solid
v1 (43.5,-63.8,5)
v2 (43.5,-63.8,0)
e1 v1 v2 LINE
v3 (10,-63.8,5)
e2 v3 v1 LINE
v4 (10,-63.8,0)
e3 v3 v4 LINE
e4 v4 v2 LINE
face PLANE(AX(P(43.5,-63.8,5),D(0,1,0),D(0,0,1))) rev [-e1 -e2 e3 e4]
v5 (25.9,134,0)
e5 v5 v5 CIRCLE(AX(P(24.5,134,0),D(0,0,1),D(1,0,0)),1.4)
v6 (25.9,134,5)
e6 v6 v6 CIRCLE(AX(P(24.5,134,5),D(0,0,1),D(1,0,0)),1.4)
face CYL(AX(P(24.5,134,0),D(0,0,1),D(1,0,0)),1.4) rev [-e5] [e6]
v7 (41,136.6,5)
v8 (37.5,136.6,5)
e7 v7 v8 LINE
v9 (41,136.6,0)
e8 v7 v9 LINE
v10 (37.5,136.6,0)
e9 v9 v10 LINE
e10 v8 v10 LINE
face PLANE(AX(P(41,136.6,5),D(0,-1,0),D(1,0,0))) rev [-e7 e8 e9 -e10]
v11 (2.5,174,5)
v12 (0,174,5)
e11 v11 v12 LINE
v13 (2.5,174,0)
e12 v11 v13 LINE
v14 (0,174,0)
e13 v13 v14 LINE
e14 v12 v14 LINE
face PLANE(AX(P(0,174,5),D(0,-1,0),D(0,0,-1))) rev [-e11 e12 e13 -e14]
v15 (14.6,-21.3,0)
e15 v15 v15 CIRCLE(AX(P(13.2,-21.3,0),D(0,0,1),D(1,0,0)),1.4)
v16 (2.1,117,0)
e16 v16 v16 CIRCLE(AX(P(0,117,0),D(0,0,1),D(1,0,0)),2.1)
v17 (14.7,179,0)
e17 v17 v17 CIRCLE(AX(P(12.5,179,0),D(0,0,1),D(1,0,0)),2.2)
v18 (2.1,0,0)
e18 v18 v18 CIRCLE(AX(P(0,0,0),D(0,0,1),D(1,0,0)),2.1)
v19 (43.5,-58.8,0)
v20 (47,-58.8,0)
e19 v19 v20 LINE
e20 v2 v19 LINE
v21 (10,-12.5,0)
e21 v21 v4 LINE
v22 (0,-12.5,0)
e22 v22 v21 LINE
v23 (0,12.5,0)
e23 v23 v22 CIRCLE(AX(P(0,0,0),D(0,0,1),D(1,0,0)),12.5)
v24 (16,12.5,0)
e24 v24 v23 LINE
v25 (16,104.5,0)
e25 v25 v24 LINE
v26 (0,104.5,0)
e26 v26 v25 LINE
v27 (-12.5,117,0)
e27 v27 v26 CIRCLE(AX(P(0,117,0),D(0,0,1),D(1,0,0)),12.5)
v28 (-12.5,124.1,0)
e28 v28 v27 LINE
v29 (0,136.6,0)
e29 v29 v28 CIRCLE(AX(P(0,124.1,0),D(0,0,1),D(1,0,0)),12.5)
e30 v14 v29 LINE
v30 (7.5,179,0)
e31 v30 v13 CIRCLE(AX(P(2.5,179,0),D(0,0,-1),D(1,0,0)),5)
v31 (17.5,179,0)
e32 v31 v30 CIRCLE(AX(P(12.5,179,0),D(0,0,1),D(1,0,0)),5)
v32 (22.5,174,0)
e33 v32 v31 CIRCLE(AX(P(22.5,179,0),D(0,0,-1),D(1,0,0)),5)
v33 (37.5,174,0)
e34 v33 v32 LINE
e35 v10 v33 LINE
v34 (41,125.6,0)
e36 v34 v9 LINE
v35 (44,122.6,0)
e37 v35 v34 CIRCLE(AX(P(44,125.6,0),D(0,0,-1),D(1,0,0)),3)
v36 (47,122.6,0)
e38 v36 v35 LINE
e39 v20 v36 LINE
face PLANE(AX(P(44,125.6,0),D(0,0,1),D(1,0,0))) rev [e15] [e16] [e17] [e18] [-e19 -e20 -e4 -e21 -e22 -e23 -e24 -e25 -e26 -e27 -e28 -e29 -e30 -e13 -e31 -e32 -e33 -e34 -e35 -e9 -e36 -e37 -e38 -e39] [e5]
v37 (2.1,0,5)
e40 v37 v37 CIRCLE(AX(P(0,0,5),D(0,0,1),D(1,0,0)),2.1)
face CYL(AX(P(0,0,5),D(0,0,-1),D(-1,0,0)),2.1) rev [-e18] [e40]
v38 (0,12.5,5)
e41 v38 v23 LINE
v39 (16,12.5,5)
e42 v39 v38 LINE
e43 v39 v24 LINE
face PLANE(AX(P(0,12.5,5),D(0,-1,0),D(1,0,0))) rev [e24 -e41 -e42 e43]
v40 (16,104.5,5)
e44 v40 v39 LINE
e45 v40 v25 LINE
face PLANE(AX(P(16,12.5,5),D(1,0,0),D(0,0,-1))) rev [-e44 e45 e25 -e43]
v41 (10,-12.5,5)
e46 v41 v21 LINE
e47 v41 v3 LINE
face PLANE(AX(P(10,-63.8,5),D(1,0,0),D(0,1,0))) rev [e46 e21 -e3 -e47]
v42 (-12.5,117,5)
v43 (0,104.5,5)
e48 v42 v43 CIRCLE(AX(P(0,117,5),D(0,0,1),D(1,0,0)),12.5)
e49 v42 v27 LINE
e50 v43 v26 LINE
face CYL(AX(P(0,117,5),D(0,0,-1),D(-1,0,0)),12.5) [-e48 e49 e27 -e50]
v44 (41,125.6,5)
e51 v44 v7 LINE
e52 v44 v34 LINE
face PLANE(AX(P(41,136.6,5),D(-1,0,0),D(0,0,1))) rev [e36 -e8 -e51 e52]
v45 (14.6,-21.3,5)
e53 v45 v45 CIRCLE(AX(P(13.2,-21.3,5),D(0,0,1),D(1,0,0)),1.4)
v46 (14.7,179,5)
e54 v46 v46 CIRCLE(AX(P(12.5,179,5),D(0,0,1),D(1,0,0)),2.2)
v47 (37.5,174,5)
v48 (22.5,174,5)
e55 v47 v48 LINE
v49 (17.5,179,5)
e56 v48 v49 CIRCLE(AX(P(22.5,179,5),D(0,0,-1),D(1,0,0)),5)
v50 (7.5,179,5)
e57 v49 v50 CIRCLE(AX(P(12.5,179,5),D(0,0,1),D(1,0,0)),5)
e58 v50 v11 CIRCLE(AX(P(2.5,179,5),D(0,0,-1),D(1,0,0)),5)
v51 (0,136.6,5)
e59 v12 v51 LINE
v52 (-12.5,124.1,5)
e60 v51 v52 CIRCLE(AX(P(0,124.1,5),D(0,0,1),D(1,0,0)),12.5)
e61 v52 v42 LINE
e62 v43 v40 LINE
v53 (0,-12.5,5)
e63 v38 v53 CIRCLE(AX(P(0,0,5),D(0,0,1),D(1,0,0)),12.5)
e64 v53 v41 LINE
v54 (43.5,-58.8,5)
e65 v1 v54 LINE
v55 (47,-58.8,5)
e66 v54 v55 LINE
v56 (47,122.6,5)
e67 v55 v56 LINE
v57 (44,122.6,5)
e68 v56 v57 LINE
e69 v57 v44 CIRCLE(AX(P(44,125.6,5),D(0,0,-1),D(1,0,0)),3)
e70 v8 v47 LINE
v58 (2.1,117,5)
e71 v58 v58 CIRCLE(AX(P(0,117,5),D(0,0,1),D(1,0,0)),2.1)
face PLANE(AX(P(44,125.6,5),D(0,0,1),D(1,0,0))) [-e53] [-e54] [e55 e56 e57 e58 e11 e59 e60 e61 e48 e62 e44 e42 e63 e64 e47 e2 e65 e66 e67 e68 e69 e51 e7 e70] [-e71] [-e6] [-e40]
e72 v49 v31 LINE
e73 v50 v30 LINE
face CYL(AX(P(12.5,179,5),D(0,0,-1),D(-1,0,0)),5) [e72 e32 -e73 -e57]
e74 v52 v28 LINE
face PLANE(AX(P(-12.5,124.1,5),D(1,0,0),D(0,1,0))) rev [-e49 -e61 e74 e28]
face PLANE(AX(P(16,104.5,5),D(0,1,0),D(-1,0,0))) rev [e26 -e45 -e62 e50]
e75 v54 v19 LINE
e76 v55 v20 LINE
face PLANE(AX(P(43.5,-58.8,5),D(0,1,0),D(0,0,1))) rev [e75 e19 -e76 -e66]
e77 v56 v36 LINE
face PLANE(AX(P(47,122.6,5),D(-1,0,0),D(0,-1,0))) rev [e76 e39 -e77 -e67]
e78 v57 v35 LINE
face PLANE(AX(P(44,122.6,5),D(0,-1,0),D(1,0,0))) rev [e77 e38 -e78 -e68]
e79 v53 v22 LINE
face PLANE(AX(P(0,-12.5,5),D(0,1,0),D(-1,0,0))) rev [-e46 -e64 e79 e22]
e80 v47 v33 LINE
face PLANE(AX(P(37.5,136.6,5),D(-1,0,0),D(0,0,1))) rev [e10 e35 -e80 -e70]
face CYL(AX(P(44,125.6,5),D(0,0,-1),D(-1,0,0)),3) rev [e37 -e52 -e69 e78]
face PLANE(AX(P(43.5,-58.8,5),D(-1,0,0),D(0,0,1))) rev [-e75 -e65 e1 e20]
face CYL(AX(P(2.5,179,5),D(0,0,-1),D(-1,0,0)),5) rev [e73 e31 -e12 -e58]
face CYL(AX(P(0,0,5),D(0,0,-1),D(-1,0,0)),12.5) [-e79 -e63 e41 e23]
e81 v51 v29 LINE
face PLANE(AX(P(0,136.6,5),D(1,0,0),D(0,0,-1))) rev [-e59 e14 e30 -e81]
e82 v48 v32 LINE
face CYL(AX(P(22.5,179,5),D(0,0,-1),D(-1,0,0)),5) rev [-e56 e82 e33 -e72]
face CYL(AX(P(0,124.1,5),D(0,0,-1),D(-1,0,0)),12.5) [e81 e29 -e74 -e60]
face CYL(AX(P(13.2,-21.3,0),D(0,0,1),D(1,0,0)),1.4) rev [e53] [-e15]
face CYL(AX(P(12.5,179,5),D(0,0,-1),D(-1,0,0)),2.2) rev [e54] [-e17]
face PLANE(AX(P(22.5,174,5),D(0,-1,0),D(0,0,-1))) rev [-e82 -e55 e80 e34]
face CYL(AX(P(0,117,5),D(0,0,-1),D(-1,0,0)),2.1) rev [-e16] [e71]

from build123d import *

# Parameters (mm, degrees)
SKETCH1_R           = 2.1
SKETCH1_R_2         = 2.2
BOSS_EXTRUDE1_DEPTH = 5
SKETCH2_R           = 1.4
CUT_EXTRUDE1_DEPTH  = 6


with BuildPart() as part:
    # Sketch1 → Boss-Extrude1 (new body)
    with BuildSketch(Plane.XY):
        with BuildLine():
            Line((41, 136.6), (41, 125.6))
            ThreePointArc((41, 125.6), (41.878679656, 123.478679656), (44, 122.6))
            Line((44, 122.6), (47, 122.6))
            Line((47, 122.6), (47, -29.8))
            Line((47, -29.8), (47, -58.8))
            Line((47, -58.8), (43.5, -58.8))
            Line((43.5, -58.8), (43.5, -63.8))
            Line((43.5, -63.8), (10, -63.8))
            Line((10, -63.8), (10, -29.8))
            Line((10, -29.8), (10, -12.5))
            Line((10, -12.5), (0, -12.5))
            ThreePointArc((0, -12.5), (-12.5, 0), (0, 12.5))
            Line((0, 12.5), (16, 12.5))
            Line((16, 12.5), (16, 104.5))
            Line((16, 104.5), (0, 104.5))
            ThreePointArc((0, 104.5), (-8.838834765, 108.161165235), (-12.5, 117))
            Line((-12.5, 117), (-12.5, 124.1))
            ThreePointArc((-12.5, 124.1), (-8.838834765, 132.938834765), (0, 136.6))
            Line((0, 136.6), (0, 174))
            Line((0, 174), (2.5, 174))
            ThreePointArc((2.5, 174), (6.035533906, 175.464466094), (7.5, 179))
            ThreePointArc((7.5, 179), (12.5, 184), (17.5, 179))
            ThreePointArc((17.5, 179), (18.964466094, 175.464466094), (22.5, 174))
            Line((22.5, 174), (37.5, 174))
            Line((37.5, 174), (37.5, 136.6))
            Line((37.5, 136.6), (41, 136.6))
        make_face()
        Circle(SKETCH1_R, mode=Mode.SUBTRACT)
        with Locations((0, 117)):
            Circle(SKETCH1_R, mode=Mode.SUBTRACT)
        with Locations((12.5, 179)):
            Circle(SKETCH1_R_2, mode=Mode.SUBTRACT)
    extrude(amount=BOSS_EXTRUDE1_DEPTH)

    # Sketch2 → Cut-Extrude1 (cut, through all)
    with BuildSketch(Plane.XY.offset(5)):
        with Locations((13.2, -21.3)):
            Circle(SKETCH2_R)
        with Locations((24.5, 134)):
            Circle(SKETCH2_R)
    extrude(amount=-CUT_EXTRUDE1_DEPTH, mode=Mode.SUBTRACT)


solid = part.part
